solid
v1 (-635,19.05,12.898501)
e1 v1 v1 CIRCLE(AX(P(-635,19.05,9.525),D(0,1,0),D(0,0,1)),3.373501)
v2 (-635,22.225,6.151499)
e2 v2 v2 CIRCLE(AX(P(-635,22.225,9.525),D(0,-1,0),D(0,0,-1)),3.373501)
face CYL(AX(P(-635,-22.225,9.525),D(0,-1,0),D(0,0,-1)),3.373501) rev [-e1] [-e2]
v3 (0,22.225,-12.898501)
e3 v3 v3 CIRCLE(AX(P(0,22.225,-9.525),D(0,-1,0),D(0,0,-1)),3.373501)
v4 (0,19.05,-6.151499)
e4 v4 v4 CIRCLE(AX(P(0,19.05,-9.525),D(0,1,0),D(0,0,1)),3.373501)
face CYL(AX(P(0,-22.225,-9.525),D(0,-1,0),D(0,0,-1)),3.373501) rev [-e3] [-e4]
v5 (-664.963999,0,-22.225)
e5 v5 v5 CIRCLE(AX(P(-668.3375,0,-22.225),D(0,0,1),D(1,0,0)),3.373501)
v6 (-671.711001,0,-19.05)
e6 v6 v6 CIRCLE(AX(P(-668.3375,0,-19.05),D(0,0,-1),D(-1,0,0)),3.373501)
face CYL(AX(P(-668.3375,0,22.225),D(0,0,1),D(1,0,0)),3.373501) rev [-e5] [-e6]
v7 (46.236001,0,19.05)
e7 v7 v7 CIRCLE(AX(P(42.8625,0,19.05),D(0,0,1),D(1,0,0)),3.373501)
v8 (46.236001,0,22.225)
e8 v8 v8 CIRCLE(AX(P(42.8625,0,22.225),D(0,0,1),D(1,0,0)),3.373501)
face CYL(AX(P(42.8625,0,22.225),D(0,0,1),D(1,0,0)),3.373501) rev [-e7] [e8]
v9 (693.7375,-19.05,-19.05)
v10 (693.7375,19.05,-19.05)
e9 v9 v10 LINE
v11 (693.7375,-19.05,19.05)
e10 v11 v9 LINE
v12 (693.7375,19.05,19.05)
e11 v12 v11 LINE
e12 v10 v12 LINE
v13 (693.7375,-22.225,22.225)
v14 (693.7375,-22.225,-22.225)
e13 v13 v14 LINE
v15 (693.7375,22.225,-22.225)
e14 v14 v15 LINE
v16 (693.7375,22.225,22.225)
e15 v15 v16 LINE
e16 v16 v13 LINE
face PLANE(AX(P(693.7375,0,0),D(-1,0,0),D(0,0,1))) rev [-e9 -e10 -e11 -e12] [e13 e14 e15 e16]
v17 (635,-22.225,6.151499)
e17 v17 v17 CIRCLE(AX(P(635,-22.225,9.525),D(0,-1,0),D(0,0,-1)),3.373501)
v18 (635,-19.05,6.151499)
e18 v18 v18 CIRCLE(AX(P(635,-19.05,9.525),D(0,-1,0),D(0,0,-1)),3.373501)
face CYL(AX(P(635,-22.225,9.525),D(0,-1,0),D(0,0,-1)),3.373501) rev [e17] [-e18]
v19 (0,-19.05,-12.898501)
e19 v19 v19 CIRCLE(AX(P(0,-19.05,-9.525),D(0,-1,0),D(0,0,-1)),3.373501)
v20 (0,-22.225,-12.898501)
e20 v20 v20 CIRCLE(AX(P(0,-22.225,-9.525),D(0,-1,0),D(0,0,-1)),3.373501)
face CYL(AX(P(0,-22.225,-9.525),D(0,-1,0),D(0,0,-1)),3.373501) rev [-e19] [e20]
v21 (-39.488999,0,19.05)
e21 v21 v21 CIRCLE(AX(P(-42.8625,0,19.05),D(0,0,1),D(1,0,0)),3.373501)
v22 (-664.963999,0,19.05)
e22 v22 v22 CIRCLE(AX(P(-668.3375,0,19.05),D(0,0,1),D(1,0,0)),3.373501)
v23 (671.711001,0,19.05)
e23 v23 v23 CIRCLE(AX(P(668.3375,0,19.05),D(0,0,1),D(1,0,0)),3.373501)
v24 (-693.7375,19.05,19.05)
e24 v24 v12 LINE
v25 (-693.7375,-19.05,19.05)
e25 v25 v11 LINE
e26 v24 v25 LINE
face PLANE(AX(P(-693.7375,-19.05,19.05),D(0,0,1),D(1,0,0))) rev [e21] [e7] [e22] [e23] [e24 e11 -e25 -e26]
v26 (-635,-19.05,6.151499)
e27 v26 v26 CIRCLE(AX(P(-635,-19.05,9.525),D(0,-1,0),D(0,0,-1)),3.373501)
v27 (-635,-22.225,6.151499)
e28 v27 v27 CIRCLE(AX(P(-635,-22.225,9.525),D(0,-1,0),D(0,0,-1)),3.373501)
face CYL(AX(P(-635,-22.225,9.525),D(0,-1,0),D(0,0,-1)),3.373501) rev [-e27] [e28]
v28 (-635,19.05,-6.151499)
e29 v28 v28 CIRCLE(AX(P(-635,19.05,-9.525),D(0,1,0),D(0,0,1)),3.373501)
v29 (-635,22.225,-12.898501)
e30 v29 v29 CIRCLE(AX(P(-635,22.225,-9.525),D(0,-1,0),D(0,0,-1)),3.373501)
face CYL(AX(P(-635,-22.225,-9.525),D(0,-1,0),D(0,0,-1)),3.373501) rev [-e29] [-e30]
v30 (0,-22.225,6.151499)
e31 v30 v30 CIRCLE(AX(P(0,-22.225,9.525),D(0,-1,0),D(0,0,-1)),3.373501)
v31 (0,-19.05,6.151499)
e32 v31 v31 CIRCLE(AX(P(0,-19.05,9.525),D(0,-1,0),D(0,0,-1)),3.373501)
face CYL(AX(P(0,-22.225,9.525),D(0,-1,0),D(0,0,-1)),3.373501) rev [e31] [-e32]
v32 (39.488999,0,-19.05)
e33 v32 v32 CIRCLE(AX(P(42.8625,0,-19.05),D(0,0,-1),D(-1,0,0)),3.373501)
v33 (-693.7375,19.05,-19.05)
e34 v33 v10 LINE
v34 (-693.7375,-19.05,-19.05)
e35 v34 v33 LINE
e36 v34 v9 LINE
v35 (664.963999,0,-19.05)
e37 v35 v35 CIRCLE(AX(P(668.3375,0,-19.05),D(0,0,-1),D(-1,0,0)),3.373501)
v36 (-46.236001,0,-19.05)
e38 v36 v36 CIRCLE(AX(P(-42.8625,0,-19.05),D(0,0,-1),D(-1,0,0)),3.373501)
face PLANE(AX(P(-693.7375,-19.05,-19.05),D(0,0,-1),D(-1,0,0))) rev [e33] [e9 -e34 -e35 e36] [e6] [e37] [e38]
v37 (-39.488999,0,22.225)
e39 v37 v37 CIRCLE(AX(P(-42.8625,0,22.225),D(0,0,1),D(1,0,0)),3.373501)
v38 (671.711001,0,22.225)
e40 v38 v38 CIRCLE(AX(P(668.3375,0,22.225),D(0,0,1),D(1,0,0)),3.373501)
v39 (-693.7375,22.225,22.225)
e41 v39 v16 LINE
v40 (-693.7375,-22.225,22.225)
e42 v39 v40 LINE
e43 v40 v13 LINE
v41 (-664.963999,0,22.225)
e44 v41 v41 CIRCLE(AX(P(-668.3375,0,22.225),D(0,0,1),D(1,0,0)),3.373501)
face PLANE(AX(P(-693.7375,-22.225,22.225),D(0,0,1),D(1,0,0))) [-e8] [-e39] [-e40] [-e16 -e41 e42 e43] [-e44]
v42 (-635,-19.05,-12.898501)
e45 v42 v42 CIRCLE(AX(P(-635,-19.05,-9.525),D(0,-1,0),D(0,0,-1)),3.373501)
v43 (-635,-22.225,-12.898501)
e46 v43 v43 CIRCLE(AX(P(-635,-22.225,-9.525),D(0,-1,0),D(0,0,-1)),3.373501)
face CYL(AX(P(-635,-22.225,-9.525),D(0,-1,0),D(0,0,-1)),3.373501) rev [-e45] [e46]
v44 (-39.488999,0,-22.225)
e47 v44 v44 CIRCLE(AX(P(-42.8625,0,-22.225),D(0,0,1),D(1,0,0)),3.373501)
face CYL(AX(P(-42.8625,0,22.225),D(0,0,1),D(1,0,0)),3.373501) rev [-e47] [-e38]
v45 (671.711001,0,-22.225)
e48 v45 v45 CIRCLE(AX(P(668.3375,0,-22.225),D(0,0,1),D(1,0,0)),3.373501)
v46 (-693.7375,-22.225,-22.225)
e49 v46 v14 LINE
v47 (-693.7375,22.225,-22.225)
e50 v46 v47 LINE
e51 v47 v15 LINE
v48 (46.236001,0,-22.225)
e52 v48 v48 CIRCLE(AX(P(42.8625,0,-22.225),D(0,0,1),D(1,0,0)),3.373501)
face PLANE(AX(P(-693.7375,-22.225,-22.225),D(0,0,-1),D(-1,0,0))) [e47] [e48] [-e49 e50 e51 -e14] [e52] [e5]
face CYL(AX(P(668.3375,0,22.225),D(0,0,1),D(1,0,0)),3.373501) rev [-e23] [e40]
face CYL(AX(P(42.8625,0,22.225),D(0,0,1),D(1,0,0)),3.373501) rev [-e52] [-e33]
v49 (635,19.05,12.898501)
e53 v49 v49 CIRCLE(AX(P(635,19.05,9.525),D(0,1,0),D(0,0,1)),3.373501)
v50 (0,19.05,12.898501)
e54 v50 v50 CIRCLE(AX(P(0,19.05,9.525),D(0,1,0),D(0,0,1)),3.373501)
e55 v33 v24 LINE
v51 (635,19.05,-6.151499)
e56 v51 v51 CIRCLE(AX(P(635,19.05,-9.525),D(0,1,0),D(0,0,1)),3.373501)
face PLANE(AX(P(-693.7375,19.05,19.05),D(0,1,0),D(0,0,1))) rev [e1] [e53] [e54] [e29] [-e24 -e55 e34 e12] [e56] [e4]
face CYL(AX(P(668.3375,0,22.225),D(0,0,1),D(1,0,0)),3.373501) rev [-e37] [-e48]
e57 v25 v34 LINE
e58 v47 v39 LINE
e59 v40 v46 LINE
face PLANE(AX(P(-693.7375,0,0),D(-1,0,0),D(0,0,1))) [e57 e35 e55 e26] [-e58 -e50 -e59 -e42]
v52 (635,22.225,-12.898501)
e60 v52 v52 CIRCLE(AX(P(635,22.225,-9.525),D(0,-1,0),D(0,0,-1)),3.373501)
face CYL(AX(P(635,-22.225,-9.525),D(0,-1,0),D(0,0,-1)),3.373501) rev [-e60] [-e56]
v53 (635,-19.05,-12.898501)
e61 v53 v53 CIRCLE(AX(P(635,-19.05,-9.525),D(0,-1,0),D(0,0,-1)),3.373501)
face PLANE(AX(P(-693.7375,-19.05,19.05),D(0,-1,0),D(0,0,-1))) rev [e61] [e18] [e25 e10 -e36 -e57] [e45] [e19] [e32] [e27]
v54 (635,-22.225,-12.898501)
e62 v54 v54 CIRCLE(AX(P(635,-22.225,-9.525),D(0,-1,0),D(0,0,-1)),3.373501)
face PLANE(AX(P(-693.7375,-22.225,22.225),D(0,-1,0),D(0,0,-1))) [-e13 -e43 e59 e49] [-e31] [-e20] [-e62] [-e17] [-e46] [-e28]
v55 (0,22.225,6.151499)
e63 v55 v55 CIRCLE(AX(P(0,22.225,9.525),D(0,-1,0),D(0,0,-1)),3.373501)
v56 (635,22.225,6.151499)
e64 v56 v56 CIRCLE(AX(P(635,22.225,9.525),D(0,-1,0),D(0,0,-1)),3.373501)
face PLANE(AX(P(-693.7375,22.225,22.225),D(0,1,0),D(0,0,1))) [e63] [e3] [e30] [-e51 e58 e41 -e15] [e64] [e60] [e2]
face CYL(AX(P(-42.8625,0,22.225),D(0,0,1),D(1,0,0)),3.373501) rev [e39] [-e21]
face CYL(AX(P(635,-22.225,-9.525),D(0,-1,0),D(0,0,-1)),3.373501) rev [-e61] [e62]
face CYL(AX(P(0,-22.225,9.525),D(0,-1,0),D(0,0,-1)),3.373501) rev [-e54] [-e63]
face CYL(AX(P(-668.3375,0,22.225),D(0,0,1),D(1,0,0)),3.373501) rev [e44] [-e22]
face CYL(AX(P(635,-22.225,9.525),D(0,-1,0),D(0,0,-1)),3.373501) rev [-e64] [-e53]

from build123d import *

# Parameters (mm, degrees)
BOSS_EXTRUDE1_DEPTH              = 693.7375
BOSS_EXTRUDE1_DEPTH_BACK         = 693.7375
SKETCH1_W                        = 44.45
SKETCH1_H                        = 44.45
SKETCH1_W_2                      = 38.1
SKETCH1_H_2                      = 38.1
F_17_64_0_26563_DIAMETER_HOLE2_D = 6.747002
F_17_64_0_26563_DIAMETER_HOLE1_D = 6.747002


with BuildPart() as part:
    # Sketch1 → Boss-Extrude1 (new, two sides: drawn at the far end of the back side and taken through both)
    with BuildSketch(Plane(origin=(0, 0, 0), x_dir=(0, 0, -1), z_dir=(1, 0, 0)).offset(-BOSS_EXTRUDE1_DEPTH_BACK)):
        Rectangle(SKETCH1_W, SKETCH1_H)
        Rectangle(SKETCH1_W_2, SKETCH1_H_2, mode=Mode.SUBTRACT)
    extrude(amount=BOSS_EXTRUDE1_DEPTH + BOSS_EXTRUDE1_DEPTH_BACK)

    # 17/64 (0.26563) Diameter Hole2 (through all)
    with Locations(Plane.XY.offset(22.225)):
        with Locations((42.8625, 0), (-668.3375, 0), (668.3375, 0), (-42.8625, 0)):
            Hole(F_17_64_0_26563_DIAMETER_HOLE2_D / 2)

    # 17/64 (0.26563) Diameter Hole1 (through all)
    with Locations(Plane(origin=(0, -22.225, 0), x_dir=(-1, 0, 0), z_dir=(0, -1, 0))):
        with Locations((0, 9.525), (0, -9.525), (-635, 9.525), (-635, -9.525), (635, -9.525), (635, 9.525)):
            Hole(F_17_64_0_26563_DIAMETER_HOLE1_D / 2)


solid = part.part
